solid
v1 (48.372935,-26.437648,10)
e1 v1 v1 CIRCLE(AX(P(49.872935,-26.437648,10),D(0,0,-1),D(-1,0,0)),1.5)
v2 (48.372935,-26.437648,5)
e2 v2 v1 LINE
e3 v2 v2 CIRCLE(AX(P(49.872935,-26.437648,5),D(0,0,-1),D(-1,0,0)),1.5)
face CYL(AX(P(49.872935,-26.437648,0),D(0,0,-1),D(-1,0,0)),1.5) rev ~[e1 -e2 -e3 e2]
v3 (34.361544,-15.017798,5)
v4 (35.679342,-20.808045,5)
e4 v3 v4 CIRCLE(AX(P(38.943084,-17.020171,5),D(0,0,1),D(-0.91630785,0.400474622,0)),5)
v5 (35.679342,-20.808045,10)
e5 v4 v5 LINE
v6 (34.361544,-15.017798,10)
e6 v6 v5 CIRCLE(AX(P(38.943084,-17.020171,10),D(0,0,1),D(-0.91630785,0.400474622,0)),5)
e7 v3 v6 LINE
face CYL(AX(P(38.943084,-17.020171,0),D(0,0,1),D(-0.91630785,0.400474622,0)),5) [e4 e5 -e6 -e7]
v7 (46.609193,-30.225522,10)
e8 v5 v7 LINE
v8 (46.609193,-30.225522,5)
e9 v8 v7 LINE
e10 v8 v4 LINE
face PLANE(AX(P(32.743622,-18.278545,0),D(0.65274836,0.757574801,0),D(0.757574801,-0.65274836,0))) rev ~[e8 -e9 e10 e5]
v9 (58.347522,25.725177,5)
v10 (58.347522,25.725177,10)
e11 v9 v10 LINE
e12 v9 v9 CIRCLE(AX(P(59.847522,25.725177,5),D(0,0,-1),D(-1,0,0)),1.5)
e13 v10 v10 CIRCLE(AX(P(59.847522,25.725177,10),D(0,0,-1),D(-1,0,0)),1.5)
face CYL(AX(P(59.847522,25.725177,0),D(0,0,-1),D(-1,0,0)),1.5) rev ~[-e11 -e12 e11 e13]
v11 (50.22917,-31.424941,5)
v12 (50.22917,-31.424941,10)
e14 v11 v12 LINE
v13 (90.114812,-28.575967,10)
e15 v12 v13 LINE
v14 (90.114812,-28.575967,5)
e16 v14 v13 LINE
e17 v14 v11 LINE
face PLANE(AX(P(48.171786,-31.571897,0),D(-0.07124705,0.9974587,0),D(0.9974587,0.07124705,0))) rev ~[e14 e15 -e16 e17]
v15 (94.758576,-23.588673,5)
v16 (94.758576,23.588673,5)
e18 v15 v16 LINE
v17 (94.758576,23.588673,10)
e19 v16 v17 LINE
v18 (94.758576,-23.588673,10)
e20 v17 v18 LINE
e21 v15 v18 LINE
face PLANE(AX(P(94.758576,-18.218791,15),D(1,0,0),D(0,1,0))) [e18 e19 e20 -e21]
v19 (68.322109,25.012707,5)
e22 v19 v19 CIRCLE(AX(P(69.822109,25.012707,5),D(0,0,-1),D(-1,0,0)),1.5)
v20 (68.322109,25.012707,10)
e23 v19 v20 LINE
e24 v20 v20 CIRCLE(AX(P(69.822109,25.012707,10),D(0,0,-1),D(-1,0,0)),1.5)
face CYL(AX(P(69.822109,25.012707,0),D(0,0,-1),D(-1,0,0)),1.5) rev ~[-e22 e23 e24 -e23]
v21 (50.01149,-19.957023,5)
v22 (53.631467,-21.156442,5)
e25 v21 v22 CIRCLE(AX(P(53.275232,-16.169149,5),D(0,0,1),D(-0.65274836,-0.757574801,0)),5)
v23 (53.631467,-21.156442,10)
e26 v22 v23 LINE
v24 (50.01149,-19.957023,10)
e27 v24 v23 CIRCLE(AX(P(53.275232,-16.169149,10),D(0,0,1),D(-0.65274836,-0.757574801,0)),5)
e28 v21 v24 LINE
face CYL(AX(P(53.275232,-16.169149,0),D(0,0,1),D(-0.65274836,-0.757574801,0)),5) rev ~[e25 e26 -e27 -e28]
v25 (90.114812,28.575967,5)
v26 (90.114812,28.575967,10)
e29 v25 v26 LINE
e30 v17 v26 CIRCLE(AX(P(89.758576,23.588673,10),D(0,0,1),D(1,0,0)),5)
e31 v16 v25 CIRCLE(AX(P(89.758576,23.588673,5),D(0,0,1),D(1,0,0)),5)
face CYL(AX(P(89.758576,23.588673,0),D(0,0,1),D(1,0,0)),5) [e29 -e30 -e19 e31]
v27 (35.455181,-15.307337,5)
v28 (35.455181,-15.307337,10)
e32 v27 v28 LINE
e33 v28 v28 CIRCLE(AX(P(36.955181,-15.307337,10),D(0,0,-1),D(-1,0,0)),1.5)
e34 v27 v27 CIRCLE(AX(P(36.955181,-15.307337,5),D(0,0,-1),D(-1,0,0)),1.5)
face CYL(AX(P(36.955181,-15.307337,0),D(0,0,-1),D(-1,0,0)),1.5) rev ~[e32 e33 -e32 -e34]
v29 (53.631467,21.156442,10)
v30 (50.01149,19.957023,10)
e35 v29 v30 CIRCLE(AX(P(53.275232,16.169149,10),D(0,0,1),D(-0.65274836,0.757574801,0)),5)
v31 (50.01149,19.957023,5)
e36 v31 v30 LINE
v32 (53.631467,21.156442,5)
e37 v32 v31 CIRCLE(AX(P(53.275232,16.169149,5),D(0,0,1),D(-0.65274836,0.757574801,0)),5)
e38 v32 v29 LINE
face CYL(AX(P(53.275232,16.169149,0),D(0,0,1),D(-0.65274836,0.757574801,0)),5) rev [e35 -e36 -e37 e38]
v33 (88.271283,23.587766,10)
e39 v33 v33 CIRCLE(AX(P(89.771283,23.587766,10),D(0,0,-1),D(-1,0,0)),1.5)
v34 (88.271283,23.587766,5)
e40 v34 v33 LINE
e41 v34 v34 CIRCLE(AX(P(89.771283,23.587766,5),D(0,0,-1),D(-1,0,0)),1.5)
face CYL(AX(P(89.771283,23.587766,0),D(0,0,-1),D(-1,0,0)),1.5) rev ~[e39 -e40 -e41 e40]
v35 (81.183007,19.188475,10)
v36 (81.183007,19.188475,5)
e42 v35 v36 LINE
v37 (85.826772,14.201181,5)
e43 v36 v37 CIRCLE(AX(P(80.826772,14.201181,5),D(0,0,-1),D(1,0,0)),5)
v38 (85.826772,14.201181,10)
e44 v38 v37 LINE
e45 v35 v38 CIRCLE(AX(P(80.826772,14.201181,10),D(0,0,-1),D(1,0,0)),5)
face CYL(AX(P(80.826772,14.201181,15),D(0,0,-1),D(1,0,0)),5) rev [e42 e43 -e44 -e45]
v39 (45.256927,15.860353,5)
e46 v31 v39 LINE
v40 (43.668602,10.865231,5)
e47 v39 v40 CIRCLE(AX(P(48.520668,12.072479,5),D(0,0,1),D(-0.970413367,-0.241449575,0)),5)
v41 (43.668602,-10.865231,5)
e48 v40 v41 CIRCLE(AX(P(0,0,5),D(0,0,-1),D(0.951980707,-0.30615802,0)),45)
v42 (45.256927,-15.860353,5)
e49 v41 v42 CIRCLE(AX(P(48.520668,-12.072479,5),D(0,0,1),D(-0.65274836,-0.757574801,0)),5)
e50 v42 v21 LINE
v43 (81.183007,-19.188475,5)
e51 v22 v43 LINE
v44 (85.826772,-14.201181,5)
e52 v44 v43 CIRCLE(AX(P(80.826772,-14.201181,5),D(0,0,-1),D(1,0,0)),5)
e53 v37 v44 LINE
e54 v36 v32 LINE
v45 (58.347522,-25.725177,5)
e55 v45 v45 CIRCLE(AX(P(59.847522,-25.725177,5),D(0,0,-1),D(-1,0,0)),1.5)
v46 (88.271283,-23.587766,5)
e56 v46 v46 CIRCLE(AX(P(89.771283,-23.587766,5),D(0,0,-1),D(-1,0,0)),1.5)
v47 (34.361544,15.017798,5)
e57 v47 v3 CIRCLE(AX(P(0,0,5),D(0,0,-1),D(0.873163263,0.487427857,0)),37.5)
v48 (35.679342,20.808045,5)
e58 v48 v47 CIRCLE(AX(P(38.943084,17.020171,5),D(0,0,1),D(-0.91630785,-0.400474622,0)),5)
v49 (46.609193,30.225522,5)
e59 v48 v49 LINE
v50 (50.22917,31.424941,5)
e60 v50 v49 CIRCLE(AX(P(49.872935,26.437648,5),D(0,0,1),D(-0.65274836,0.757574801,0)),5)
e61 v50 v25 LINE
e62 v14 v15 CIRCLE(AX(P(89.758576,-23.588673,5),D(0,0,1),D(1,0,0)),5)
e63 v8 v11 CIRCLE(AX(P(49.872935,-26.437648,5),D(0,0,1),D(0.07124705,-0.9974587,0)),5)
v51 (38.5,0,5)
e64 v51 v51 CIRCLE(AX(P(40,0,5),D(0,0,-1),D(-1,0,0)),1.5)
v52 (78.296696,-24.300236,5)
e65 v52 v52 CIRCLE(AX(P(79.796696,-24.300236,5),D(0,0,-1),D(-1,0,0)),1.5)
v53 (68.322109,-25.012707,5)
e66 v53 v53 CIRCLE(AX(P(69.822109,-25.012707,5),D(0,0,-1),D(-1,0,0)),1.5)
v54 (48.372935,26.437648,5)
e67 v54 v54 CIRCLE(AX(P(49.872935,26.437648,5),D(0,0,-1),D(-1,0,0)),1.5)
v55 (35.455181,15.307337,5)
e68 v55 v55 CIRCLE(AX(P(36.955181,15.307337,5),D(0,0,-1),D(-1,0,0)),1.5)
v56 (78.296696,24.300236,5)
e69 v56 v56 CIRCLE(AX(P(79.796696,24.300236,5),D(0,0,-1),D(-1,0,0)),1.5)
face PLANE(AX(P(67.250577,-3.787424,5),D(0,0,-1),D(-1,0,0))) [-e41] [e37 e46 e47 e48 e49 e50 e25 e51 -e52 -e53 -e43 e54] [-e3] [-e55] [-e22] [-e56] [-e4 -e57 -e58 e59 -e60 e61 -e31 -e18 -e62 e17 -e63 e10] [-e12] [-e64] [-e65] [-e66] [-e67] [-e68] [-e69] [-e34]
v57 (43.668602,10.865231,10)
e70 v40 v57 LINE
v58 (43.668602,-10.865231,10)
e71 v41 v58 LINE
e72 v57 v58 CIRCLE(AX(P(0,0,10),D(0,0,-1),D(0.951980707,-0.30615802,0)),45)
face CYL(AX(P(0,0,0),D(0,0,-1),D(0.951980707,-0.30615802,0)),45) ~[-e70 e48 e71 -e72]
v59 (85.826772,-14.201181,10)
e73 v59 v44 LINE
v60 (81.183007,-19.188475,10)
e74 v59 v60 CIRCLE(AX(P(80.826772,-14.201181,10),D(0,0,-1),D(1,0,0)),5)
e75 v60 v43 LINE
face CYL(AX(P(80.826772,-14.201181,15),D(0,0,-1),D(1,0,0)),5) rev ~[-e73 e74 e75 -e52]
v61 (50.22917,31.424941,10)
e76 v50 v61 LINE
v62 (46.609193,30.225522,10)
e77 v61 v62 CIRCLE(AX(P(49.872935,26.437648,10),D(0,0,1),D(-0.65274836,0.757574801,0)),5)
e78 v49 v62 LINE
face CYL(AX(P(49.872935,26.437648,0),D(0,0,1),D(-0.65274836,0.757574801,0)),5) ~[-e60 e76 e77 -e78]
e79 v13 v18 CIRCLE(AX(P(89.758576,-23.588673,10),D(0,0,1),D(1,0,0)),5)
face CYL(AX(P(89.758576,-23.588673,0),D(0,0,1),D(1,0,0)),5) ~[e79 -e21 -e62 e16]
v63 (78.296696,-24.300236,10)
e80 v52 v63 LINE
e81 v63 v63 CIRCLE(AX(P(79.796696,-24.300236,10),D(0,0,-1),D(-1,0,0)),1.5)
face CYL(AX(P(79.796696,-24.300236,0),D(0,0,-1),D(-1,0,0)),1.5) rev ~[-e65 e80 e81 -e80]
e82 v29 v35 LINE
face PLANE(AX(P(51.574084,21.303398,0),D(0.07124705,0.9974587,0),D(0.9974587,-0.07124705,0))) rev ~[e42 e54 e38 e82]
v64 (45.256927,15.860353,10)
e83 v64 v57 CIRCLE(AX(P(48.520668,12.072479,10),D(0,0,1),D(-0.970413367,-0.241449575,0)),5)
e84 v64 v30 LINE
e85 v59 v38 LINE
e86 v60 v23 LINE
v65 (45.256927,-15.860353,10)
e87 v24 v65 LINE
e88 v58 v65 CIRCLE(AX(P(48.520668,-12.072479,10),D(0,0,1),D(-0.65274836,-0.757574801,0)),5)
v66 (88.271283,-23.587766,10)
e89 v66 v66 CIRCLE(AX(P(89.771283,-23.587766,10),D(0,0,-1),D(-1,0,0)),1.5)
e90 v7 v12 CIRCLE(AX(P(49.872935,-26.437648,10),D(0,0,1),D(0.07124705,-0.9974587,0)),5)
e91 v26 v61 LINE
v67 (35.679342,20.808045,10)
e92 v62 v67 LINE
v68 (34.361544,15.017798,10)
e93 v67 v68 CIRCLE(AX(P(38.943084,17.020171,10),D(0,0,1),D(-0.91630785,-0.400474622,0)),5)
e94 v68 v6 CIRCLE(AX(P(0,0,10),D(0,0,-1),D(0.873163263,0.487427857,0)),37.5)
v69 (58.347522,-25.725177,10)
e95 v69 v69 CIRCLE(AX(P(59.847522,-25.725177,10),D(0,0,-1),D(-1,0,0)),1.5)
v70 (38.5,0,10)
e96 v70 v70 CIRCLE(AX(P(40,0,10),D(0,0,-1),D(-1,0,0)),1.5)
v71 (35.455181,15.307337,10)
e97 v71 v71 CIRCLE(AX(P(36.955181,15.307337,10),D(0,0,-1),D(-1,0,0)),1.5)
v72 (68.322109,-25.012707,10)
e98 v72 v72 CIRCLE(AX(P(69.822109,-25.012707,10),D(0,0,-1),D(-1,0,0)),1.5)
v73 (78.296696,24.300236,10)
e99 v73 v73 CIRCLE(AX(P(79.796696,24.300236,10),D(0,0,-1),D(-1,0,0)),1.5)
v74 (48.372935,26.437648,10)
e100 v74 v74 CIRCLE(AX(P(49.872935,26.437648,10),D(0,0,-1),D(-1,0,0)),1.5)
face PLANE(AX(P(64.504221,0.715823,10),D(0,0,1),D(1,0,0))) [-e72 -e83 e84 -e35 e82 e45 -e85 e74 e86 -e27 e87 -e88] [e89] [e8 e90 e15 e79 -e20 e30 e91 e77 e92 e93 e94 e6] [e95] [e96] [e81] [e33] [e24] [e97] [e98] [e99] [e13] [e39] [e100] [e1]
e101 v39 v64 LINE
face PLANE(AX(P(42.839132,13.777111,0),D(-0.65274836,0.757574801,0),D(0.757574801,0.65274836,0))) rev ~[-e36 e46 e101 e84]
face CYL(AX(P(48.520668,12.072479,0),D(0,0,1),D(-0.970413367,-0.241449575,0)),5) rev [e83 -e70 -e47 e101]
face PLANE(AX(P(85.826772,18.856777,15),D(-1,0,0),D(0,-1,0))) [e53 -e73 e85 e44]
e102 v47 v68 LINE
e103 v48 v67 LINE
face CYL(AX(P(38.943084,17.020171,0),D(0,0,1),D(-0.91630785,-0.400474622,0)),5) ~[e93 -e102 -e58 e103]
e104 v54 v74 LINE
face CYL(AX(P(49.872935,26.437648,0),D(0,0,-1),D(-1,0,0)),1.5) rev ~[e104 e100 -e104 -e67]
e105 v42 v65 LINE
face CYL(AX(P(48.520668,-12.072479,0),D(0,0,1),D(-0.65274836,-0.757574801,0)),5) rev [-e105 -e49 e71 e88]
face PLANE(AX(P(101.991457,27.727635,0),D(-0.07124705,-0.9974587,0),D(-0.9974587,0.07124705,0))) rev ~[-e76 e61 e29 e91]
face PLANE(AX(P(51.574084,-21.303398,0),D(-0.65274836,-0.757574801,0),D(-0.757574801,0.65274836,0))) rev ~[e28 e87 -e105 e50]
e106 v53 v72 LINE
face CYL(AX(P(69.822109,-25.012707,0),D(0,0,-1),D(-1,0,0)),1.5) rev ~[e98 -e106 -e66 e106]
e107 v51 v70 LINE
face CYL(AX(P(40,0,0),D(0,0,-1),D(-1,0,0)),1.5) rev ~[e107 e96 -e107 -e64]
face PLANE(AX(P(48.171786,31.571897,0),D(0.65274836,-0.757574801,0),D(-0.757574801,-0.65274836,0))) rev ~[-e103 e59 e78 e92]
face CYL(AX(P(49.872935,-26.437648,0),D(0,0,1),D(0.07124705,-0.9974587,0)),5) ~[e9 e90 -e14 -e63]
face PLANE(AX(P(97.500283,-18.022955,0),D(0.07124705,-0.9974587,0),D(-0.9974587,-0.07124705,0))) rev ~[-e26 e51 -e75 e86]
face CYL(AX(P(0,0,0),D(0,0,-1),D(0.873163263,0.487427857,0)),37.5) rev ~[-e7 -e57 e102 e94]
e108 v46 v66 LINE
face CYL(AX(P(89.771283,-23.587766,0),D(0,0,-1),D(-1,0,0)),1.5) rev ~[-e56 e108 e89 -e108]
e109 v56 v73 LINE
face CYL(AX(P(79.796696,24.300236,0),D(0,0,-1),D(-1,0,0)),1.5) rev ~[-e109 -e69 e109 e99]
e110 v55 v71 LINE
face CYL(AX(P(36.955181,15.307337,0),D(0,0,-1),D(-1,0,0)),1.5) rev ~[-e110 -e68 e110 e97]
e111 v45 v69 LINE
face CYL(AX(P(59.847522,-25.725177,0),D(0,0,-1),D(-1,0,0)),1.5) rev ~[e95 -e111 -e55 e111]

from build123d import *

# Parameters (mm, degrees)
EXTRUDE_1_DEPTH     = 15
FILLET_1_R          = 5
FILLET_2_R          = 5
FILLET_3_R          = 5
FILLET_4_R          = 5
FILLET_5_R          = 5
FILLET_6_R          = 5
FILLET_7_R          = 5
FILLET_8_R          = 5
FILLET_9_R          = 5
FILLET_10_R         = 5
FILLET_11_R         = 5
FILLET_12_R         = 5
FILLET_13_R         = 5
FILLET_14_R         = 5
FILLET_15_R         = 5
FILLET_16_R         = 5
SKETCH_5_R          = 1.5
CUT_EXTRUDE_1_DEPTH = 15
CUT_EXTRUDE_START   = -15
SKETCH_6_R          = 1.5
CUT_EXTRUDE_5_DEPTH = 15
EXTRUDE_2_DEPTH     = 15
FILLET_17_R         = 5
FILLET_18_R         = 5
FILLET_19_R         = 5
FILLET_20_R         = 5
SKETCH_8_W          = 96.520141499
SKETCH_8_H          = 72.316132992
CUT_EXTRUDE_6_DEPTH = 5
SKETCH_9_W          = 91.216327174
SKETCH_9_H          = 79.967676963
CUT_EXTRUDE_7_DEPTH = 5


with BuildPart() as part:
    # 草图3 → 凸台-拉伸1 (new body)
    with BuildSketch(Plane.XY):
        with BuildLine():
            Line((101.99145665, -27.727634828), (114.18506552, -15.283623844))
            ThreePointArc((114.18506552, -15.283623844), (110, 0), (114.18506552, 15.283623844))
            Line((114.18506552, 15.283623844), (101.99145665, 27.727634828))
            Line((101.99145665, 27.727634828), (48.171786379, 31.57189699))
            Line((48.171786379, 31.57189699), (32.743622368, 18.278544642))
            ThreePointArc((32.743622368, 18.278544642), (37.5, 0), (32.743622368, -18.278544642))
            Line((32.743622368, -18.278544642), (48.171786379, -31.57189699))
            Line((48.171786379, -31.57189699), (101.99145665, -27.727634828))
        make_face()
        with BuildLine():
            ThreePointArc((42.839131819, -13.777110909), (45, 0), (42.839131819, 13.777110909))
            Line((42.839131819, 13.777110909), (51.574083604, 21.303398011))
            Line((51.574083604, 21.303398011), (97.500283316, 18.022955175))
            Line((97.500283316, 18.022955175), (106.212331228, 9.132000819))
            ThreePointArc((106.212331228, 9.132000819), (105, 0), (106.212331228, -9.132000819))
            Line((106.212331228, -9.132000819), (97.500283316, -18.022955175))
            Line((97.500283316, -18.022955175), (51.574083604, -21.303398011))
            Line((51.574083604, -21.303398011), (42.839131819, -13.777110909))
        make_face(mode=Mode.SUBTRACT)
    extrude(amount=EXTRUDE_1_DEPTH)

    # 圆角1
    fillet_1_edges = [part.edges().sort_by_distance(p)[0] for p in [
        (101.99145665, 27.727634828, 7.5),
    ]]
    fillet(fillet_1_edges, radius=FILLET_1_R)

    # 圆角2
    fillet_2_edges = [part.edges().sort_by_distance(p)[0] for p in [
        (114.18506552, 15.283623844, 7.5),
    ]]
    fillet(fillet_2_edges, radius=FILLET_2_R)

    # 圆角3
    fillet_3_edges = [part.edges().sort_by_distance(p)[0] for p in [
        (114.18506552, -15.283623844, 7.5),
    ]]
    fillet(fillet_3_edges, radius=FILLET_3_R)

    # 圆角4
    fillet_4_edges = [part.edges().sort_by_distance(p)[0] for p in [
        (101.99145665, -27.727634828, 7.5),
    ]]
    fillet(fillet_4_edges, radius=FILLET_4_R)

    # 圆角5
    fillet_5_edges = [part.edges().sort_by_distance(p)[0] for p in [
        (48.171786379, -31.57189699, 7.5),
    ]]
    fillet(fillet_5_edges, radius=FILLET_5_R)

    # 圆角6
    fillet_6_edges = [part.edges().sort_by_distance(p)[0] for p in [
        (48.171786379, 31.57189699, 7.5),
    ]]
    fillet(fillet_6_edges, radius=FILLET_6_R)

    # 圆角7
    fillet_7_edges = [part.edges().sort_by_distance(p)[0] for p in [
        (32.743622368, -18.278544642, 7.5),
    ]]
    fillet(fillet_7_edges, radius=FILLET_7_R)

    # 圆角8
    fillet_8_edges = [part.edges().sort_by_distance(p)[0] for p in [
        (32.743622368, 18.278544642, 7.5),
    ]]
    fillet(fillet_8_edges, radius=FILLET_8_R)

    # 圆角9
    fillet_9_edges = [part.edges().sort_by_distance(p)[0] for p in [
        (97.500283316, -18.022955175, 7.5),
    ]]
    fillet(fillet_9_edges, radius=FILLET_9_R)

    # 圆角10
    fillet_10_edges = [part.edges().sort_by_distance(p)[0] for p in [
        (106.212331228, -9.132000819, 7.5),
    ]]
    fillet(fillet_10_edges, radius=FILLET_10_R)

    # 圆角11
    fillet_11_edges = [part.edges().sort_by_distance(p)[0] for p in [
        (106.212331228, 9.132000819, 7.5),
    ]]
    fillet(fillet_11_edges, radius=FILLET_11_R)

    # 圆角12
    fillet_12_edges = [part.edges().sort_by_distance(p)[0] for p in [
        (97.500283316, 18.022955175, 7.5),
    ]]
    fillet(fillet_12_edges, radius=FILLET_12_R)

    # 圆角13
    fillet_13_edges = [part.edges().sort_by_distance(p)[0] for p in [
        (51.574083604, -21.303398011, 7.5),
    ]]
    fillet(fillet_13_edges, radius=FILLET_13_R)

    # 圆角14
    fillet_14_edges = [part.edges().sort_by_distance(p)[0] for p in [
        (42.839131819, -13.777110909, 7.5),
    ]]
    fillet(fillet_14_edges, radius=FILLET_14_R)

    # 圆角15
    fillet_15_edges = [part.edges().sort_by_distance(p)[0] for p in [
        (42.839131819, 13.777110909, 7.5),
    ]]
    fillet(fillet_15_edges, radius=FILLET_15_R)

    # 圆角16
    fillet_16_edges = [part.edges().sort_by_distance(p)[0] for p in [
        (51.574083604, 21.303398011, 7.5),
    ]]
    fillet(fillet_16_edges, radius=FILLET_16_R)

    # 草图5 → 切除-拉伸1 (cut)
    with BuildSketch(Plane(origin=(0, 0, 0), x_dir=(-1, 0, 0), z_dir=(0, 0, -1))):
        with Locations((-36.9551813, 15.307337295)):
            Circle(SKETCH_5_R)
        with Locations((-40, 0)):
            Circle(SKETCH_5_R)
        with Locations((-36.9551813, -15.307337295)):
            Circle(SKETCH_5_R)
        with Locations((-49.872934992, -26.437647501)):
            Circle(SKETCH_5_R)
        with Locations((-49.872934992, 26.437647501)):
            Circle(SKETCH_5_R)
        with Locations((-99.745869983, 22.875295001)):
            Circle(SKETCH_5_R)
        with Locations((-99.745869983, -22.875295001)):
            Circle(SKETCH_5_R)
        with Locations((-109.973915193, 12.437211552)):
            Circle(SKETCH_5_R)
        with Locations((-107.5, 0)):
            Circle(SKETCH_5_R)
        with Locations((-109.973915193, -12.437211552)):
            Circle(SKETCH_5_R)
        with Locations((-59.84752199, 25.725177001)):
            Circle(SKETCH_5_R)
        with Locations((-69.822108988, 25.012706501)):
            Circle(SKETCH_5_R)
        with Locations((-79.796695986, 24.300236001)):
            Circle(SKETCH_5_R)
        with Locations((-89.771282985, 23.587765501)):
            Circle(SKETCH_5_R)
        with Locations((-89.771282985, -23.587765501)):
            Circle(SKETCH_5_R)
        with Locations((-79.796695986, -24.300236001)):
            Circle(SKETCH_5_R)
        with Locations((-69.822108988, -25.012706501)):
            Circle(SKETCH_5_R)
        with Locations((-59.84752199, -25.725177001)):
            Circle(SKETCH_5_R)
    extrude(amount=-CUT_EXTRUDE_1_DEPTH, mode=Mode.SUBTRACT)

    # 草图6 → 切除-拉伸5 (cut)
    # profile 1 of 5: a face of its own
    with BuildSketch(Plane.XY.offset(15).offset(CUT_EXTRUDE_START)):
        with BuildLine():
            ThreePointArc((103.31715251, 26.374715112), (101.845820167, 27.412938577), (100.102105233, 27.8625885))
            Line((100.102105233, 27.8625885), (100.102105233, 24.332379915))
            ThreePointArc((100.102105233, 24.332379915), (100.925775249, 23.801482651), (101.245869983, 22.875295001))
            ThreePointArc((101.245869983, 22.875295001), (100.925775249, 21.949107351), (100.102105233, 21.418210087))
            Line((100.102105233, 21.418210087), (100.102105233, 15.367703489))
            Line((100.102105233, 15.367703489), (104.297377986, 11.086278624))
            ThreePointArc((104.297377986, 11.086278624), (105.514152308, 9.027175008), (105.635333526, 6.638501199))
            ThreePointArc((105.635333526, 6.638501199), (105, 0), (105.635333526, -6.638501199))
            ThreePointArc((105.635333526, -6.638501199), (105.514152308, -9.027175008), (104.297377986, -11.086278624))
            Line((104.297377986, -11.086278624), (100.102105233, -15.367703489))
            Line((100.102105233, -15.367703489), (100.102105233, -21.418210087))
            ThreePointArc((100.102105233, -21.418210087), (100.925775249, -21.949107351), (101.245869983, -22.875295001))
            ThreePointArc((101.245869983, -22.875295001), (100.925775249, -23.801482651), (100.102105233, -24.332379915))
            Line((100.102105233, -24.332379915), (100.102105233, -27.8625885))
            ThreePointArc((100.102105233, -27.8625885), (101.845820167, -27.412938577), (103.31715251, -26.374715112))
            Line((103.31715251, -26.374715112), (111.655402821, -17.865234485))
            ThreePointArc((111.655402821, -17.865234485), (113.00675492, -15.241981218), (112.643531681, -12.313555178))
            ThreePointArc((112.643531681, -12.313555178), (110, 0), (112.643531681, 12.313555178))
            ThreePointArc((112.643531681, 12.313555178), (113.00675492, 15.241981218), (111.655402821, 17.865234485))
            Line((111.655402821, 17.865234485), (103.31715251, 26.374715112))
        make_face()
        with Locations((109.973915193, -12.437211552)):
            Circle(SKETCH_6_R, mode=Mode.SUBTRACT)
        with Locations((107.5, 0)):
            Circle(SKETCH_6_R, mode=Mode.SUBTRACT)
        with Locations((109.973915193, 12.437211552)):
            Circle(SKETCH_6_R, mode=Mode.SUBTRACT)
    # profile 2 of 5: a face of its own
    with BuildSketch(Plane.XY.offset(15).offset(CUT_EXTRUDE_START)):
        with BuildLine():
            Line((100.102105233, -21.418210087), (100.102105233, -15.367703489))
            Line((100.102105233, -15.367703489), (98.825979176, -16.670035459))
            ThreePointArc((98.825979176, -16.670035459), (97.354646834, -17.708258924), (95.610931899, -18.157908847))
            Line((95.610931899, -18.157908847), (94.758576484, -18.218791377))
            Line((94.758576484, -18.218791377), (94.758576484, -23.231530251))
            Line((94.758576484, -23.231530251), (98.249681933, -22.982165576))
            ThreePointArc((98.249681933, -22.982165576), (98.778211836, -21.729154647), (100.102105233, -21.418210087))
        make_face()
    # profile 3 of 5: a face of its own
    with BuildSketch(Plane.XY.offset(15).offset(CUT_EXTRUDE_START)):
        with BuildLine():
            Line((94.758576484, -28.244269125), (100.102105233, -27.8625885))
            Line((100.102105233, -27.8625885), (100.102105233, -24.332379915))
            ThreePointArc((100.102105233, -24.332379915), (98.862330065, -24.087465457), (98.249681933, -22.982165576))
            Line((98.249681933, -22.982165576), (94.758576484, -23.231530251))
            Line((94.758576484, -23.231530251), (94.758576484, -28.244269125))
        make_face()
    # profile 4 of 5: a face of its own
    with BuildSketch(Plane.XY.offset(15).offset(CUT_EXTRUDE_START)):
        with BuildLine():
            Line((100.102105233, 15.367703489), (100.102105233, 21.418210087))
            ThreePointArc((100.102105233, 21.418210087), (98.778211836, 21.729154647), (98.249681933, 22.982165576))
            Line((98.249681933, 22.982165576), (94.758576484, 23.231530251))
            Line((94.758576484, 23.231530251), (94.758576484, 18.218791377))
            Line((94.758576484, 18.218791377), (95.610931899, 18.157908847))
            ThreePointArc((95.610931899, 18.157908847), (97.354646834, 17.708258924), (98.825979176, 16.670035459))
            Line((98.825979176, 16.670035459), (100.102105233, 15.367703489))
        make_face()
    # profile 5 of 5: a face of its own
    with BuildSketch(Plane.XY.offset(15).offset(CUT_EXTRUDE_START)):
        with BuildLine():
            Line((100.102105233, 24.332379915), (100.102105233, 27.8625885))
            Line((100.102105233, 27.8625885), (94.758576484, 28.244269125))
            Line((94.758576484, 28.244269125), (94.758576484, 23.231530251))
            Line((94.758576484, 23.231530251), (98.249681933, 22.982165576))
            ThreePointArc((98.249681933, 22.982165576), (98.862330065, 24.087465457), (100.102105233, 24.332379915))
        make_face()
    extrude(amount=CUT_EXTRUDE_5_DEPTH, mode=Mode.SUBTRACT)

    # 草图7 → 凸台-拉伸2 (add)
    with BuildSketch(Plane.XY.offset(15)):
        Polygon((94.758576484, -18.218791377), (94.758576484, 18.218791377), (85.826771952, 18.856777415), (85.826771952, -18.856777415), align=None)
    extrude(amount=-EXTRUDE_2_DEPTH)

    # 圆角17
    fillet_17_edges = [part.edges().sort_by_distance(p)[0] for p in [
        (94.758576484, 28.244269125, 7.5),
    ]]
    fillet(fillet_17_edges, radius=FILLET_17_R)

    # 圆角18
    fillet_18_edges = [part.edges().sort_by_distance(p)[0] for p in [
        (94.758576484, -28.244269125, 7.5),
    ]]
    fillet(fillet_18_edges, radius=FILLET_18_R)

    # 圆角19
    fillet_19_edges = [part.edges().sort_by_distance(p)[0] for p in [
        (85.826771952, 18.856777415, 7.5),
    ]]
    fillet(fillet_19_edges, radius=FILLET_19_R)

    # 圆角20
    fillet_20_edges = [part.edges().sort_by_distance(p)[0] for p in [
        (85.826771952, -18.856777415, 7.5),
    ]]
    fillet(fillet_20_edges, radius=FILLET_20_R)

    # 草图8 → 切除-拉伸6 (cut)
    with BuildSketch(Plane(origin=(0, 0, 0), x_dir=(-1, 0, 0), z_dir=(0, 0, -1))):
        with Locations((-67.250576804, -3.787424314)):
            Rectangle(SKETCH_8_W, SKETCH_8_H)
    extrude(amount=-CUT_EXTRUDE_6_DEPTH, mode=Mode.SUBTRACT)

    # 草图9 → 切除-拉伸7 (cut)
    with BuildSketch(Plane.XY.offset(15)):
        with Locations((64.504220749, 0.715823196)):
            Rectangle(SKETCH_9_W, SKETCH_9_H)
    extrude(amount=-CUT_EXTRUDE_7_DEPTH, mode=Mode.SUBTRACT)


solid = part.part
